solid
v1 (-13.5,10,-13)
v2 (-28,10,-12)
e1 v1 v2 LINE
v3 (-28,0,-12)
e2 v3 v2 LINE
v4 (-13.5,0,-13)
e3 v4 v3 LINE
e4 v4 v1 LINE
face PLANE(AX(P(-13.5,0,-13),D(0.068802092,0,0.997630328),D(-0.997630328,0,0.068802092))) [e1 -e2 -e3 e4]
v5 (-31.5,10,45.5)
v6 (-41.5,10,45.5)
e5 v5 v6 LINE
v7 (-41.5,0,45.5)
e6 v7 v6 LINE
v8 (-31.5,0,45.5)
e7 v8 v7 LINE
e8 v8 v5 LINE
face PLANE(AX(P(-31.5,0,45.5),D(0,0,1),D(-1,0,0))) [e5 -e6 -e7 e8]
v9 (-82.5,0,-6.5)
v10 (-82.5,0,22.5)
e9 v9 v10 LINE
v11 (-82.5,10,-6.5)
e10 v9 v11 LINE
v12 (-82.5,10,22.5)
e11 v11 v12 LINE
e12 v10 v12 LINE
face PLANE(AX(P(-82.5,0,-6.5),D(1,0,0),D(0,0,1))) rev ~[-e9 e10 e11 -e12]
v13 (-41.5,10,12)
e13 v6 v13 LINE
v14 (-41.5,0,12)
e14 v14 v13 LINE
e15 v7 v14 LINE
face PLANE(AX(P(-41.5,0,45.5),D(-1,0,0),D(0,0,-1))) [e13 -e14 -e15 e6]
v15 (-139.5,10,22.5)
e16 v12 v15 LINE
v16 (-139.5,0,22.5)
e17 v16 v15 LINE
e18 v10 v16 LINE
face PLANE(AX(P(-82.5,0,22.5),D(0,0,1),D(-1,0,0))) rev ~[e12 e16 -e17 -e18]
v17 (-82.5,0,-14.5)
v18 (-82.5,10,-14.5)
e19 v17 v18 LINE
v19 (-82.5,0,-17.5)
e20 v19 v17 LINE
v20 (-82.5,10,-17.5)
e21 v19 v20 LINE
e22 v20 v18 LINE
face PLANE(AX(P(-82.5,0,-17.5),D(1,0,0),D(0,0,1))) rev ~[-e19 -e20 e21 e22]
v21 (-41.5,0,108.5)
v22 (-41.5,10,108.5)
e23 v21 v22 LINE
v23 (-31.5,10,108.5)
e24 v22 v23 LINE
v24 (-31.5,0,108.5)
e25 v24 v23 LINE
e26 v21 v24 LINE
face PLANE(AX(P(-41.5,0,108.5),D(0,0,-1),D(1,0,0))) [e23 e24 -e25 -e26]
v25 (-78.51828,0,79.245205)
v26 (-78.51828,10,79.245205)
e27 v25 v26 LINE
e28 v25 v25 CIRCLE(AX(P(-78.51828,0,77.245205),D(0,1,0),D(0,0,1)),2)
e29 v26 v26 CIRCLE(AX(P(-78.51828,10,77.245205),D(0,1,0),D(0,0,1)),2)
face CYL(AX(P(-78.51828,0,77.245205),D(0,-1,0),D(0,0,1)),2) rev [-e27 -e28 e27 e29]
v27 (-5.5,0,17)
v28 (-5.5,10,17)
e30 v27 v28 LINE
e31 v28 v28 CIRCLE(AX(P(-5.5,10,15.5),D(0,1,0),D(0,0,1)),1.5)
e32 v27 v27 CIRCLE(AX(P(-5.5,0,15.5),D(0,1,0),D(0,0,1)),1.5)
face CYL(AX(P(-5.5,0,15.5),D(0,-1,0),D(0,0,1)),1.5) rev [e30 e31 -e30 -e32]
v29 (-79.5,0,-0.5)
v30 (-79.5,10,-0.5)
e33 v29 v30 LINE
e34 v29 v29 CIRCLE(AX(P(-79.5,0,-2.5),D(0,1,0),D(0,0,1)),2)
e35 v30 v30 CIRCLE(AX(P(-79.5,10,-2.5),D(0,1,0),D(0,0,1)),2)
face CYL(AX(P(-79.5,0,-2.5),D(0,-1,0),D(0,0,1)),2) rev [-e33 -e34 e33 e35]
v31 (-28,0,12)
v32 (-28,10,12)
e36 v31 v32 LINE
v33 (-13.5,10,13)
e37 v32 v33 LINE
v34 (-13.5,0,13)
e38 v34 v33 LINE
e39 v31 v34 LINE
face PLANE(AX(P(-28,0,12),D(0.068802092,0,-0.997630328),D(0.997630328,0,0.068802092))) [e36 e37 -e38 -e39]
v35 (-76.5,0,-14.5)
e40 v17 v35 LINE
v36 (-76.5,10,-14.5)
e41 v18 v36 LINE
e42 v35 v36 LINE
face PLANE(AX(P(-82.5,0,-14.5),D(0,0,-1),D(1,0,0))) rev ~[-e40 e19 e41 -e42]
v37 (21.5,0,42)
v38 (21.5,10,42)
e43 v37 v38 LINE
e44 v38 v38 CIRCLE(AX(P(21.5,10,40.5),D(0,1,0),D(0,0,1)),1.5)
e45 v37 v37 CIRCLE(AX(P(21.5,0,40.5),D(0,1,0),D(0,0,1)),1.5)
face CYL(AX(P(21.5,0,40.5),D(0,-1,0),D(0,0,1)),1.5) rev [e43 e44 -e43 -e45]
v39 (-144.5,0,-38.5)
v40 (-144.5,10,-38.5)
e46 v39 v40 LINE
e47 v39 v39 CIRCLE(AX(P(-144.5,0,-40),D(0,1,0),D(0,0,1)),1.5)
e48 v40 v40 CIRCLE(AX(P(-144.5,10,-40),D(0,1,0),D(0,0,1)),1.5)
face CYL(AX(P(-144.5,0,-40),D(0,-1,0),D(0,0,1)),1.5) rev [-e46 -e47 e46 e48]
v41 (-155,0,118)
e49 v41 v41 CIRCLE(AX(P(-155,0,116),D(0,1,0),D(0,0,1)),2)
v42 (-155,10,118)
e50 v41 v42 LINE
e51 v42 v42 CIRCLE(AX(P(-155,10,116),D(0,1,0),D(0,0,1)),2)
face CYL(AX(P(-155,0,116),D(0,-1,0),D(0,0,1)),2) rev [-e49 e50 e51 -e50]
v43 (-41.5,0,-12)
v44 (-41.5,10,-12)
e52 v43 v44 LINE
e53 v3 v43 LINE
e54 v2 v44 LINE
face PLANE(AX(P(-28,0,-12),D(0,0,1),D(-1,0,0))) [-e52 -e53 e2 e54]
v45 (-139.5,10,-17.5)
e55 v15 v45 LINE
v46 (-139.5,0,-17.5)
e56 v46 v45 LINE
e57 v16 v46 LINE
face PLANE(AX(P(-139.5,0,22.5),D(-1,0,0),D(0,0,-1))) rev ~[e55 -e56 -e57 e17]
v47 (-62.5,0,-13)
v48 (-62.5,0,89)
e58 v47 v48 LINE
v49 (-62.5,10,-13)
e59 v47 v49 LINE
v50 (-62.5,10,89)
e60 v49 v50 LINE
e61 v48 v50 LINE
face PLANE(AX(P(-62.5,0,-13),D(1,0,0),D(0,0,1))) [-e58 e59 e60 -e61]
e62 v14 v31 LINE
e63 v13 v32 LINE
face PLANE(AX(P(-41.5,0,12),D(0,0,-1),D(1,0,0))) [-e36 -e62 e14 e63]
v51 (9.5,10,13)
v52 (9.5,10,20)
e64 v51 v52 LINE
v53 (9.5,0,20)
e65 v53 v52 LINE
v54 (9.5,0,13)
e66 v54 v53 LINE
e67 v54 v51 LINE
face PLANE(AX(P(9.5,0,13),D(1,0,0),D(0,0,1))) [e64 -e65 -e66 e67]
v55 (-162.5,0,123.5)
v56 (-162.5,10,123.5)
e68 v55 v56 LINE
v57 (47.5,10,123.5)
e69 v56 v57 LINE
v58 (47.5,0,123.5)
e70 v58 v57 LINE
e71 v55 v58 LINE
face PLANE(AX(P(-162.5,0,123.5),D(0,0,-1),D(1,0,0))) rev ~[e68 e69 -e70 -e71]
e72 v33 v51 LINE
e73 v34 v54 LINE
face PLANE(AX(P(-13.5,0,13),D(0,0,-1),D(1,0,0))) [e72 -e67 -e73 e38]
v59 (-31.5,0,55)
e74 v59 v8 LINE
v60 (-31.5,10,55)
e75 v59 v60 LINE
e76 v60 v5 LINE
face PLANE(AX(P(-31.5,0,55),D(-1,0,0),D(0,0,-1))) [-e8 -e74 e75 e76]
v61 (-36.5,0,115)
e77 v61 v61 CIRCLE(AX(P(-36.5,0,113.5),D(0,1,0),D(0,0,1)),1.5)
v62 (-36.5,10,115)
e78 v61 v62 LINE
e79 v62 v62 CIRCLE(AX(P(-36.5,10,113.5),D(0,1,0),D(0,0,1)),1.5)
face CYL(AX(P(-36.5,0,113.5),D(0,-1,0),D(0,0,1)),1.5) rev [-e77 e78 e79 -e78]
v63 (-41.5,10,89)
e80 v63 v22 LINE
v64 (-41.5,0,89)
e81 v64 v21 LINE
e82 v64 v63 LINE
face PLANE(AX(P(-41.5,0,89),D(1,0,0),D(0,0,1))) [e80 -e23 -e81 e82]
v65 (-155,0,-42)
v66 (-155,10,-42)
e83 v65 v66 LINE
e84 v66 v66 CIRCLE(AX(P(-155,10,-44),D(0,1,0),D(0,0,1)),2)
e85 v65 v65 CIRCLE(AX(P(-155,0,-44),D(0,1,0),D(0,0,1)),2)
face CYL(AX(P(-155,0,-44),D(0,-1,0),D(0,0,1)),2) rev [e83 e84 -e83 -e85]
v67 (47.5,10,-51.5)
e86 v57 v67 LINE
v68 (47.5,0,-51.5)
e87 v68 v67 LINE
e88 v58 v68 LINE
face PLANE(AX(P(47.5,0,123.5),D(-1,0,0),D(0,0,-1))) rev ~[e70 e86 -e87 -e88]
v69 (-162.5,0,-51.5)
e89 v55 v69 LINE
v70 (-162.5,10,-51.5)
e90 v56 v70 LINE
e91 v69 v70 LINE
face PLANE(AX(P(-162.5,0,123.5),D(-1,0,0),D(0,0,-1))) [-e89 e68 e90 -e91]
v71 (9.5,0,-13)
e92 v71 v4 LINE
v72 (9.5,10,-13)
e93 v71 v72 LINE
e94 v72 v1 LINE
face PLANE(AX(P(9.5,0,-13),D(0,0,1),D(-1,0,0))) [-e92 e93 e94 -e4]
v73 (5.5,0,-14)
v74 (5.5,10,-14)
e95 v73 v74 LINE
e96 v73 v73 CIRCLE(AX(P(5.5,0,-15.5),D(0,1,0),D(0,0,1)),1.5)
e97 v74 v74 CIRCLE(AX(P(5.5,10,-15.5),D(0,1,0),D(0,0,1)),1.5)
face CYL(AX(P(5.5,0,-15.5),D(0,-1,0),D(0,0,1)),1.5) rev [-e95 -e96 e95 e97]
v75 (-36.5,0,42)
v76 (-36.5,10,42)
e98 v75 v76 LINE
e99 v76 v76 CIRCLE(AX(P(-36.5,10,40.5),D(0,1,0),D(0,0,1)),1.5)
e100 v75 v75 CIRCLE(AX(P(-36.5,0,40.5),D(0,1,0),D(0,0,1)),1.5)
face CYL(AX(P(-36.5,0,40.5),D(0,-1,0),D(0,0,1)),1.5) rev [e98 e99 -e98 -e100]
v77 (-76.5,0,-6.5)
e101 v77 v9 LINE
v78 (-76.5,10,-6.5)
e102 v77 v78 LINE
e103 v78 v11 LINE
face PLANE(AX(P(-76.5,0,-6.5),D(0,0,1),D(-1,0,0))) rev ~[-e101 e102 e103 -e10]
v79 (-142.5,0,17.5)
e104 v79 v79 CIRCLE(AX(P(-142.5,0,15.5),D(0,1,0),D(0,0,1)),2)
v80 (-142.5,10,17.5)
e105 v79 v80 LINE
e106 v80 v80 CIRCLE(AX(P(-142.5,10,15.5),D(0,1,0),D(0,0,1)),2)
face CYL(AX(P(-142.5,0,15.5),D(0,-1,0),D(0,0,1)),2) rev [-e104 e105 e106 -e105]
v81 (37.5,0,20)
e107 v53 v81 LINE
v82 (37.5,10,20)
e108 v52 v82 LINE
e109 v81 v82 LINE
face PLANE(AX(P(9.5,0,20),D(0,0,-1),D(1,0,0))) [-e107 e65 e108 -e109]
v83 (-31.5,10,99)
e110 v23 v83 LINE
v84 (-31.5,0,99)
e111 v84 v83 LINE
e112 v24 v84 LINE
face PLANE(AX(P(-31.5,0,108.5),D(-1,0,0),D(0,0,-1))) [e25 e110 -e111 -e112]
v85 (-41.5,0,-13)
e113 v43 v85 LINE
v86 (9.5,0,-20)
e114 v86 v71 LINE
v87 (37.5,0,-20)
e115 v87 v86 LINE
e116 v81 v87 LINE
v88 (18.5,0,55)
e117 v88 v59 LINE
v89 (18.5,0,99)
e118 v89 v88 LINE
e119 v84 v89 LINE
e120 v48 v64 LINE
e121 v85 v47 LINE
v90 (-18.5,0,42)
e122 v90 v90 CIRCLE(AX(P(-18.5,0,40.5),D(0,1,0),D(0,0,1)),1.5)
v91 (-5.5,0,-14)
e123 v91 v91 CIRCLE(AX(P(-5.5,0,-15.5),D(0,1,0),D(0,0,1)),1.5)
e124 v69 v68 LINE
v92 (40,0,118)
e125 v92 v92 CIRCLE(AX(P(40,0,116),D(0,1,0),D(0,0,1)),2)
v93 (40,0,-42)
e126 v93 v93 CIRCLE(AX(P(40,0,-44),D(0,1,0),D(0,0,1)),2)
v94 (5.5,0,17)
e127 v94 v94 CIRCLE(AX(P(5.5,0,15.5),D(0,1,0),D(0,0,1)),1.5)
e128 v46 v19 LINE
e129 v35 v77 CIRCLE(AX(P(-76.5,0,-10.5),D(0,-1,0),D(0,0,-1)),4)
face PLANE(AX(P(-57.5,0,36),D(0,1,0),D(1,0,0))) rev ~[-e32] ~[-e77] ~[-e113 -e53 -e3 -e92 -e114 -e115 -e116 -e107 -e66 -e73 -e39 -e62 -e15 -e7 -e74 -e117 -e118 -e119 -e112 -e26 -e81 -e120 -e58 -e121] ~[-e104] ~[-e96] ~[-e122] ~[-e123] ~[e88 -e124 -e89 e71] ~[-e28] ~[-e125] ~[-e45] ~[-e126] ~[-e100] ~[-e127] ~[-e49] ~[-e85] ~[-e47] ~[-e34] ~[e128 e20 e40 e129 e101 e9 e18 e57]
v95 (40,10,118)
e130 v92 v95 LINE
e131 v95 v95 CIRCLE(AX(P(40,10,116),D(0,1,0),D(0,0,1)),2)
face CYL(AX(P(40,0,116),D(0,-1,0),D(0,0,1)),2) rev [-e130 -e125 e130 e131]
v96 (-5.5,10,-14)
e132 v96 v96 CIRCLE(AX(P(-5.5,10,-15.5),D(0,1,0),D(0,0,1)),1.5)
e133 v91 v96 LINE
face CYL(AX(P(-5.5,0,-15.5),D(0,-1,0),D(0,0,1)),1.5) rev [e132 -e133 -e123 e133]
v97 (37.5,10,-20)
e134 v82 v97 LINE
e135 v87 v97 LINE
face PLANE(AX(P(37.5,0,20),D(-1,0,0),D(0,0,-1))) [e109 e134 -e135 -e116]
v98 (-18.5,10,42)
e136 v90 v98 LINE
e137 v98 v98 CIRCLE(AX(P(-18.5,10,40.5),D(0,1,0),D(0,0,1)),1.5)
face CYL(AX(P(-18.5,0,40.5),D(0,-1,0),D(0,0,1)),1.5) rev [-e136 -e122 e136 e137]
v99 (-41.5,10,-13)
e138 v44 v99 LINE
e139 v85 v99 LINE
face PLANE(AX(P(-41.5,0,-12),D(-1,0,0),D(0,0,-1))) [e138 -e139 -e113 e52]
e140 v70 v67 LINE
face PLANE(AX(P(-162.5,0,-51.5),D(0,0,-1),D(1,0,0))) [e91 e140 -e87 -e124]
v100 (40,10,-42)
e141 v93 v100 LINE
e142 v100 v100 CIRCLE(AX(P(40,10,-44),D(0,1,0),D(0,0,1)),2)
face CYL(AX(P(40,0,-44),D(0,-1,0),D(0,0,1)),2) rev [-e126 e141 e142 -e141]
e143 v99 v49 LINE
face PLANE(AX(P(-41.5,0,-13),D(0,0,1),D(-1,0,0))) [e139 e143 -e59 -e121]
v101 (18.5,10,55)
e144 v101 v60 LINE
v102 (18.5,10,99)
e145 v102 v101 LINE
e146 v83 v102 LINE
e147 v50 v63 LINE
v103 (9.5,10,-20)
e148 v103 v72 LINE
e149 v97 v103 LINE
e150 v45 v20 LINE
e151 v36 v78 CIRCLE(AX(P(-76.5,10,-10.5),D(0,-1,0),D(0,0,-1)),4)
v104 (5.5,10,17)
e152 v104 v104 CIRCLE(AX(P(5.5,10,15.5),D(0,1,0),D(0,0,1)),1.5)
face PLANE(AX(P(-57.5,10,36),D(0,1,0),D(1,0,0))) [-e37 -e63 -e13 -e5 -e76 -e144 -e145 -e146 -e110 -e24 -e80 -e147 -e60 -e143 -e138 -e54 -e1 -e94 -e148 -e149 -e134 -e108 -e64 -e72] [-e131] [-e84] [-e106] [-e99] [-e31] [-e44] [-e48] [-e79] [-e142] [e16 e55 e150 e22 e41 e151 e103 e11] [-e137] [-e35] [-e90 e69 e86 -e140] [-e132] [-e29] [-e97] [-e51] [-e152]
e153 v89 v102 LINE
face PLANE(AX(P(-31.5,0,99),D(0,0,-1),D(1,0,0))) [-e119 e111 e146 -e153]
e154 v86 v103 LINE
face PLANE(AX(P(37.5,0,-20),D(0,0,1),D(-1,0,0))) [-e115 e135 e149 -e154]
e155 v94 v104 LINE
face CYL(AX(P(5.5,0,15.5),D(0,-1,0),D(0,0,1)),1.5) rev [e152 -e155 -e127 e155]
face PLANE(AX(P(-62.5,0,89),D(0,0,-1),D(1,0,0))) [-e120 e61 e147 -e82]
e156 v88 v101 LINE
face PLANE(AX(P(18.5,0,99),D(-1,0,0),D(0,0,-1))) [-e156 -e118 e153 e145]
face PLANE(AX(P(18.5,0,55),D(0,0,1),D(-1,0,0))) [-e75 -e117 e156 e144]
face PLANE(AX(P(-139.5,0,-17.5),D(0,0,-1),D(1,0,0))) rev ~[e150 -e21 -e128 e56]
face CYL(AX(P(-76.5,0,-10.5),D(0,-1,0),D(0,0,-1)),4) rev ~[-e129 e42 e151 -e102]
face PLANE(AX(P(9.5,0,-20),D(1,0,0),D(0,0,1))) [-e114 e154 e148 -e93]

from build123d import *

# Parameters (mm, degrees)
SKETCH_1_W      = 210
SKETCH_1_H      = 175
SKETCH_1_R      = 1.5
SKETCH_1_R_2    = 2
EXTRUDE_1_DEPTH = 10


with BuildPart() as part:
    # Эскиз1 → Бобышка-Вытянуть1 (new body)
    with BuildSketch(Plane(origin=(0, 0, 0), x_dir=(1, 0, 0), z_dir=(0, 1, 0))):
        with Locations((-57.5, -36)):
            Rectangle(SKETCH_1_W, SKETCH_1_H)
        with Locations(Location((-5.5, 15.5, 0), (0, 0, 270))):
            Circle(SKETCH_1_R, mode=Mode.SUBTRACT)
        with Locations(Location((5.5, 15.5, 0), (0, 0, 270))):
            Circle(SKETCH_1_R, mode=Mode.SUBTRACT)
        with Locations(Location((-5.5, -15.5, 0), (0, 0, 270))):
            Circle(SKETCH_1_R, mode=Mode.SUBTRACT)
        with Locations(Location((5.5, -15.5, 0), (0, 0, 270))):
            Circle(SKETCH_1_R, mode=Mode.SUBTRACT)
        with Locations(Location((-36.5, -40.5, 0), (0, 0, 270))):
            Circle(SKETCH_1_R, mode=Mode.SUBTRACT)
        with Locations(Location((-36.5, -113.5, 0), (0, 0, 270))):
            Circle(SKETCH_1_R, mode=Mode.SUBTRACT)
        with Locations(Location((-144.5, 40, 0), (0, 0, 270))):
            Circle(SKETCH_1_R, mode=Mode.SUBTRACT)
        with Locations(Location((-79.5, 2.5, 0), (0, 0, 270))):
            Circle(SKETCH_1_R_2, mode=Mode.SUBTRACT)
        with Locations(Location((-142.5, -15.5, 0), (0, 0, 270))):
            Circle(SKETCH_1_R_2, mode=Mode.SUBTRACT)
        with Locations(Location((-18.5, -40.5, 0), (0, 0, 270))):
            Circle(SKETCH_1_R, mode=Mode.SUBTRACT)
        with Locations(Location((21.5, -40.5, 0), (0, 0, 270))):
            Circle(SKETCH_1_R, mode=Mode.SUBTRACT)
        with Locations(Location((-155, 44, 0), (0, 0, 270))):
            Circle(SKETCH_1_R_2, mode=Mode.SUBTRACT)
        with Locations(Location((40, 44, 0), (0, 0, 270))):
            Circle(SKETCH_1_R_2, mode=Mode.SUBTRACT)
        with Locations(Location((40, -116, 0), (0, 0, 270))):
            Circle(SKETCH_1_R_2, mode=Mode.SUBTRACT)
        with Locations(Location((-155, -116, 0), (0, 0, 270))):
            Circle(SKETCH_1_R_2, mode=Mode.SUBTRACT)
        with Locations(Location((-78.518280062, -77.24520536, 0), (0, 0, 270))):
            Circle(SKETCH_1_R_2, mode=Mode.SUBTRACT)
        Polygon((-13.5, 13), (-28, 12), (-41.5, 12), (-41.5, 13), (-62.5, 13), (-62.5, -89), (-41.5, -89), (-41.5, -108.5), (-31.5, -108.5), (-31.5, -99), (18.5, -99), (18.5, -55), (-31.5, -55), (-31.5, -45.5), (-41.5, -45.5), (-41.5, -12), (-28, -12), (-13.5, -13), (9.5, -13), (9.5, -20), (37.5, -20), (37.5, 20), (9.5, 20), (9.5, 13), align=None, mode=Mode.SUBTRACT)
        with BuildLine():
            Line((-82.5, 17.5), (-82.5, 14.5))
            Line((-82.5, 14.5), (-76.5, 14.5))
            ThreePointArc((-76.5, 14.5), (-72.5, 10.5), (-76.5, 6.5))
            Line((-76.5, 6.5), (-82.5, 6.5))
            Line((-82.5, 6.5), (-82.5, -22.5))
            Line((-82.5, -22.5), (-139.5, -22.5))
            Line((-139.5, -22.5), (-139.5, 17.5))
            Line((-139.5, 17.5), (-82.5, 17.5))
        make_face(mode=Mode.SUBTRACT)
    extrude(amount=EXTRUDE_1_DEPTH)


solid = part.part
